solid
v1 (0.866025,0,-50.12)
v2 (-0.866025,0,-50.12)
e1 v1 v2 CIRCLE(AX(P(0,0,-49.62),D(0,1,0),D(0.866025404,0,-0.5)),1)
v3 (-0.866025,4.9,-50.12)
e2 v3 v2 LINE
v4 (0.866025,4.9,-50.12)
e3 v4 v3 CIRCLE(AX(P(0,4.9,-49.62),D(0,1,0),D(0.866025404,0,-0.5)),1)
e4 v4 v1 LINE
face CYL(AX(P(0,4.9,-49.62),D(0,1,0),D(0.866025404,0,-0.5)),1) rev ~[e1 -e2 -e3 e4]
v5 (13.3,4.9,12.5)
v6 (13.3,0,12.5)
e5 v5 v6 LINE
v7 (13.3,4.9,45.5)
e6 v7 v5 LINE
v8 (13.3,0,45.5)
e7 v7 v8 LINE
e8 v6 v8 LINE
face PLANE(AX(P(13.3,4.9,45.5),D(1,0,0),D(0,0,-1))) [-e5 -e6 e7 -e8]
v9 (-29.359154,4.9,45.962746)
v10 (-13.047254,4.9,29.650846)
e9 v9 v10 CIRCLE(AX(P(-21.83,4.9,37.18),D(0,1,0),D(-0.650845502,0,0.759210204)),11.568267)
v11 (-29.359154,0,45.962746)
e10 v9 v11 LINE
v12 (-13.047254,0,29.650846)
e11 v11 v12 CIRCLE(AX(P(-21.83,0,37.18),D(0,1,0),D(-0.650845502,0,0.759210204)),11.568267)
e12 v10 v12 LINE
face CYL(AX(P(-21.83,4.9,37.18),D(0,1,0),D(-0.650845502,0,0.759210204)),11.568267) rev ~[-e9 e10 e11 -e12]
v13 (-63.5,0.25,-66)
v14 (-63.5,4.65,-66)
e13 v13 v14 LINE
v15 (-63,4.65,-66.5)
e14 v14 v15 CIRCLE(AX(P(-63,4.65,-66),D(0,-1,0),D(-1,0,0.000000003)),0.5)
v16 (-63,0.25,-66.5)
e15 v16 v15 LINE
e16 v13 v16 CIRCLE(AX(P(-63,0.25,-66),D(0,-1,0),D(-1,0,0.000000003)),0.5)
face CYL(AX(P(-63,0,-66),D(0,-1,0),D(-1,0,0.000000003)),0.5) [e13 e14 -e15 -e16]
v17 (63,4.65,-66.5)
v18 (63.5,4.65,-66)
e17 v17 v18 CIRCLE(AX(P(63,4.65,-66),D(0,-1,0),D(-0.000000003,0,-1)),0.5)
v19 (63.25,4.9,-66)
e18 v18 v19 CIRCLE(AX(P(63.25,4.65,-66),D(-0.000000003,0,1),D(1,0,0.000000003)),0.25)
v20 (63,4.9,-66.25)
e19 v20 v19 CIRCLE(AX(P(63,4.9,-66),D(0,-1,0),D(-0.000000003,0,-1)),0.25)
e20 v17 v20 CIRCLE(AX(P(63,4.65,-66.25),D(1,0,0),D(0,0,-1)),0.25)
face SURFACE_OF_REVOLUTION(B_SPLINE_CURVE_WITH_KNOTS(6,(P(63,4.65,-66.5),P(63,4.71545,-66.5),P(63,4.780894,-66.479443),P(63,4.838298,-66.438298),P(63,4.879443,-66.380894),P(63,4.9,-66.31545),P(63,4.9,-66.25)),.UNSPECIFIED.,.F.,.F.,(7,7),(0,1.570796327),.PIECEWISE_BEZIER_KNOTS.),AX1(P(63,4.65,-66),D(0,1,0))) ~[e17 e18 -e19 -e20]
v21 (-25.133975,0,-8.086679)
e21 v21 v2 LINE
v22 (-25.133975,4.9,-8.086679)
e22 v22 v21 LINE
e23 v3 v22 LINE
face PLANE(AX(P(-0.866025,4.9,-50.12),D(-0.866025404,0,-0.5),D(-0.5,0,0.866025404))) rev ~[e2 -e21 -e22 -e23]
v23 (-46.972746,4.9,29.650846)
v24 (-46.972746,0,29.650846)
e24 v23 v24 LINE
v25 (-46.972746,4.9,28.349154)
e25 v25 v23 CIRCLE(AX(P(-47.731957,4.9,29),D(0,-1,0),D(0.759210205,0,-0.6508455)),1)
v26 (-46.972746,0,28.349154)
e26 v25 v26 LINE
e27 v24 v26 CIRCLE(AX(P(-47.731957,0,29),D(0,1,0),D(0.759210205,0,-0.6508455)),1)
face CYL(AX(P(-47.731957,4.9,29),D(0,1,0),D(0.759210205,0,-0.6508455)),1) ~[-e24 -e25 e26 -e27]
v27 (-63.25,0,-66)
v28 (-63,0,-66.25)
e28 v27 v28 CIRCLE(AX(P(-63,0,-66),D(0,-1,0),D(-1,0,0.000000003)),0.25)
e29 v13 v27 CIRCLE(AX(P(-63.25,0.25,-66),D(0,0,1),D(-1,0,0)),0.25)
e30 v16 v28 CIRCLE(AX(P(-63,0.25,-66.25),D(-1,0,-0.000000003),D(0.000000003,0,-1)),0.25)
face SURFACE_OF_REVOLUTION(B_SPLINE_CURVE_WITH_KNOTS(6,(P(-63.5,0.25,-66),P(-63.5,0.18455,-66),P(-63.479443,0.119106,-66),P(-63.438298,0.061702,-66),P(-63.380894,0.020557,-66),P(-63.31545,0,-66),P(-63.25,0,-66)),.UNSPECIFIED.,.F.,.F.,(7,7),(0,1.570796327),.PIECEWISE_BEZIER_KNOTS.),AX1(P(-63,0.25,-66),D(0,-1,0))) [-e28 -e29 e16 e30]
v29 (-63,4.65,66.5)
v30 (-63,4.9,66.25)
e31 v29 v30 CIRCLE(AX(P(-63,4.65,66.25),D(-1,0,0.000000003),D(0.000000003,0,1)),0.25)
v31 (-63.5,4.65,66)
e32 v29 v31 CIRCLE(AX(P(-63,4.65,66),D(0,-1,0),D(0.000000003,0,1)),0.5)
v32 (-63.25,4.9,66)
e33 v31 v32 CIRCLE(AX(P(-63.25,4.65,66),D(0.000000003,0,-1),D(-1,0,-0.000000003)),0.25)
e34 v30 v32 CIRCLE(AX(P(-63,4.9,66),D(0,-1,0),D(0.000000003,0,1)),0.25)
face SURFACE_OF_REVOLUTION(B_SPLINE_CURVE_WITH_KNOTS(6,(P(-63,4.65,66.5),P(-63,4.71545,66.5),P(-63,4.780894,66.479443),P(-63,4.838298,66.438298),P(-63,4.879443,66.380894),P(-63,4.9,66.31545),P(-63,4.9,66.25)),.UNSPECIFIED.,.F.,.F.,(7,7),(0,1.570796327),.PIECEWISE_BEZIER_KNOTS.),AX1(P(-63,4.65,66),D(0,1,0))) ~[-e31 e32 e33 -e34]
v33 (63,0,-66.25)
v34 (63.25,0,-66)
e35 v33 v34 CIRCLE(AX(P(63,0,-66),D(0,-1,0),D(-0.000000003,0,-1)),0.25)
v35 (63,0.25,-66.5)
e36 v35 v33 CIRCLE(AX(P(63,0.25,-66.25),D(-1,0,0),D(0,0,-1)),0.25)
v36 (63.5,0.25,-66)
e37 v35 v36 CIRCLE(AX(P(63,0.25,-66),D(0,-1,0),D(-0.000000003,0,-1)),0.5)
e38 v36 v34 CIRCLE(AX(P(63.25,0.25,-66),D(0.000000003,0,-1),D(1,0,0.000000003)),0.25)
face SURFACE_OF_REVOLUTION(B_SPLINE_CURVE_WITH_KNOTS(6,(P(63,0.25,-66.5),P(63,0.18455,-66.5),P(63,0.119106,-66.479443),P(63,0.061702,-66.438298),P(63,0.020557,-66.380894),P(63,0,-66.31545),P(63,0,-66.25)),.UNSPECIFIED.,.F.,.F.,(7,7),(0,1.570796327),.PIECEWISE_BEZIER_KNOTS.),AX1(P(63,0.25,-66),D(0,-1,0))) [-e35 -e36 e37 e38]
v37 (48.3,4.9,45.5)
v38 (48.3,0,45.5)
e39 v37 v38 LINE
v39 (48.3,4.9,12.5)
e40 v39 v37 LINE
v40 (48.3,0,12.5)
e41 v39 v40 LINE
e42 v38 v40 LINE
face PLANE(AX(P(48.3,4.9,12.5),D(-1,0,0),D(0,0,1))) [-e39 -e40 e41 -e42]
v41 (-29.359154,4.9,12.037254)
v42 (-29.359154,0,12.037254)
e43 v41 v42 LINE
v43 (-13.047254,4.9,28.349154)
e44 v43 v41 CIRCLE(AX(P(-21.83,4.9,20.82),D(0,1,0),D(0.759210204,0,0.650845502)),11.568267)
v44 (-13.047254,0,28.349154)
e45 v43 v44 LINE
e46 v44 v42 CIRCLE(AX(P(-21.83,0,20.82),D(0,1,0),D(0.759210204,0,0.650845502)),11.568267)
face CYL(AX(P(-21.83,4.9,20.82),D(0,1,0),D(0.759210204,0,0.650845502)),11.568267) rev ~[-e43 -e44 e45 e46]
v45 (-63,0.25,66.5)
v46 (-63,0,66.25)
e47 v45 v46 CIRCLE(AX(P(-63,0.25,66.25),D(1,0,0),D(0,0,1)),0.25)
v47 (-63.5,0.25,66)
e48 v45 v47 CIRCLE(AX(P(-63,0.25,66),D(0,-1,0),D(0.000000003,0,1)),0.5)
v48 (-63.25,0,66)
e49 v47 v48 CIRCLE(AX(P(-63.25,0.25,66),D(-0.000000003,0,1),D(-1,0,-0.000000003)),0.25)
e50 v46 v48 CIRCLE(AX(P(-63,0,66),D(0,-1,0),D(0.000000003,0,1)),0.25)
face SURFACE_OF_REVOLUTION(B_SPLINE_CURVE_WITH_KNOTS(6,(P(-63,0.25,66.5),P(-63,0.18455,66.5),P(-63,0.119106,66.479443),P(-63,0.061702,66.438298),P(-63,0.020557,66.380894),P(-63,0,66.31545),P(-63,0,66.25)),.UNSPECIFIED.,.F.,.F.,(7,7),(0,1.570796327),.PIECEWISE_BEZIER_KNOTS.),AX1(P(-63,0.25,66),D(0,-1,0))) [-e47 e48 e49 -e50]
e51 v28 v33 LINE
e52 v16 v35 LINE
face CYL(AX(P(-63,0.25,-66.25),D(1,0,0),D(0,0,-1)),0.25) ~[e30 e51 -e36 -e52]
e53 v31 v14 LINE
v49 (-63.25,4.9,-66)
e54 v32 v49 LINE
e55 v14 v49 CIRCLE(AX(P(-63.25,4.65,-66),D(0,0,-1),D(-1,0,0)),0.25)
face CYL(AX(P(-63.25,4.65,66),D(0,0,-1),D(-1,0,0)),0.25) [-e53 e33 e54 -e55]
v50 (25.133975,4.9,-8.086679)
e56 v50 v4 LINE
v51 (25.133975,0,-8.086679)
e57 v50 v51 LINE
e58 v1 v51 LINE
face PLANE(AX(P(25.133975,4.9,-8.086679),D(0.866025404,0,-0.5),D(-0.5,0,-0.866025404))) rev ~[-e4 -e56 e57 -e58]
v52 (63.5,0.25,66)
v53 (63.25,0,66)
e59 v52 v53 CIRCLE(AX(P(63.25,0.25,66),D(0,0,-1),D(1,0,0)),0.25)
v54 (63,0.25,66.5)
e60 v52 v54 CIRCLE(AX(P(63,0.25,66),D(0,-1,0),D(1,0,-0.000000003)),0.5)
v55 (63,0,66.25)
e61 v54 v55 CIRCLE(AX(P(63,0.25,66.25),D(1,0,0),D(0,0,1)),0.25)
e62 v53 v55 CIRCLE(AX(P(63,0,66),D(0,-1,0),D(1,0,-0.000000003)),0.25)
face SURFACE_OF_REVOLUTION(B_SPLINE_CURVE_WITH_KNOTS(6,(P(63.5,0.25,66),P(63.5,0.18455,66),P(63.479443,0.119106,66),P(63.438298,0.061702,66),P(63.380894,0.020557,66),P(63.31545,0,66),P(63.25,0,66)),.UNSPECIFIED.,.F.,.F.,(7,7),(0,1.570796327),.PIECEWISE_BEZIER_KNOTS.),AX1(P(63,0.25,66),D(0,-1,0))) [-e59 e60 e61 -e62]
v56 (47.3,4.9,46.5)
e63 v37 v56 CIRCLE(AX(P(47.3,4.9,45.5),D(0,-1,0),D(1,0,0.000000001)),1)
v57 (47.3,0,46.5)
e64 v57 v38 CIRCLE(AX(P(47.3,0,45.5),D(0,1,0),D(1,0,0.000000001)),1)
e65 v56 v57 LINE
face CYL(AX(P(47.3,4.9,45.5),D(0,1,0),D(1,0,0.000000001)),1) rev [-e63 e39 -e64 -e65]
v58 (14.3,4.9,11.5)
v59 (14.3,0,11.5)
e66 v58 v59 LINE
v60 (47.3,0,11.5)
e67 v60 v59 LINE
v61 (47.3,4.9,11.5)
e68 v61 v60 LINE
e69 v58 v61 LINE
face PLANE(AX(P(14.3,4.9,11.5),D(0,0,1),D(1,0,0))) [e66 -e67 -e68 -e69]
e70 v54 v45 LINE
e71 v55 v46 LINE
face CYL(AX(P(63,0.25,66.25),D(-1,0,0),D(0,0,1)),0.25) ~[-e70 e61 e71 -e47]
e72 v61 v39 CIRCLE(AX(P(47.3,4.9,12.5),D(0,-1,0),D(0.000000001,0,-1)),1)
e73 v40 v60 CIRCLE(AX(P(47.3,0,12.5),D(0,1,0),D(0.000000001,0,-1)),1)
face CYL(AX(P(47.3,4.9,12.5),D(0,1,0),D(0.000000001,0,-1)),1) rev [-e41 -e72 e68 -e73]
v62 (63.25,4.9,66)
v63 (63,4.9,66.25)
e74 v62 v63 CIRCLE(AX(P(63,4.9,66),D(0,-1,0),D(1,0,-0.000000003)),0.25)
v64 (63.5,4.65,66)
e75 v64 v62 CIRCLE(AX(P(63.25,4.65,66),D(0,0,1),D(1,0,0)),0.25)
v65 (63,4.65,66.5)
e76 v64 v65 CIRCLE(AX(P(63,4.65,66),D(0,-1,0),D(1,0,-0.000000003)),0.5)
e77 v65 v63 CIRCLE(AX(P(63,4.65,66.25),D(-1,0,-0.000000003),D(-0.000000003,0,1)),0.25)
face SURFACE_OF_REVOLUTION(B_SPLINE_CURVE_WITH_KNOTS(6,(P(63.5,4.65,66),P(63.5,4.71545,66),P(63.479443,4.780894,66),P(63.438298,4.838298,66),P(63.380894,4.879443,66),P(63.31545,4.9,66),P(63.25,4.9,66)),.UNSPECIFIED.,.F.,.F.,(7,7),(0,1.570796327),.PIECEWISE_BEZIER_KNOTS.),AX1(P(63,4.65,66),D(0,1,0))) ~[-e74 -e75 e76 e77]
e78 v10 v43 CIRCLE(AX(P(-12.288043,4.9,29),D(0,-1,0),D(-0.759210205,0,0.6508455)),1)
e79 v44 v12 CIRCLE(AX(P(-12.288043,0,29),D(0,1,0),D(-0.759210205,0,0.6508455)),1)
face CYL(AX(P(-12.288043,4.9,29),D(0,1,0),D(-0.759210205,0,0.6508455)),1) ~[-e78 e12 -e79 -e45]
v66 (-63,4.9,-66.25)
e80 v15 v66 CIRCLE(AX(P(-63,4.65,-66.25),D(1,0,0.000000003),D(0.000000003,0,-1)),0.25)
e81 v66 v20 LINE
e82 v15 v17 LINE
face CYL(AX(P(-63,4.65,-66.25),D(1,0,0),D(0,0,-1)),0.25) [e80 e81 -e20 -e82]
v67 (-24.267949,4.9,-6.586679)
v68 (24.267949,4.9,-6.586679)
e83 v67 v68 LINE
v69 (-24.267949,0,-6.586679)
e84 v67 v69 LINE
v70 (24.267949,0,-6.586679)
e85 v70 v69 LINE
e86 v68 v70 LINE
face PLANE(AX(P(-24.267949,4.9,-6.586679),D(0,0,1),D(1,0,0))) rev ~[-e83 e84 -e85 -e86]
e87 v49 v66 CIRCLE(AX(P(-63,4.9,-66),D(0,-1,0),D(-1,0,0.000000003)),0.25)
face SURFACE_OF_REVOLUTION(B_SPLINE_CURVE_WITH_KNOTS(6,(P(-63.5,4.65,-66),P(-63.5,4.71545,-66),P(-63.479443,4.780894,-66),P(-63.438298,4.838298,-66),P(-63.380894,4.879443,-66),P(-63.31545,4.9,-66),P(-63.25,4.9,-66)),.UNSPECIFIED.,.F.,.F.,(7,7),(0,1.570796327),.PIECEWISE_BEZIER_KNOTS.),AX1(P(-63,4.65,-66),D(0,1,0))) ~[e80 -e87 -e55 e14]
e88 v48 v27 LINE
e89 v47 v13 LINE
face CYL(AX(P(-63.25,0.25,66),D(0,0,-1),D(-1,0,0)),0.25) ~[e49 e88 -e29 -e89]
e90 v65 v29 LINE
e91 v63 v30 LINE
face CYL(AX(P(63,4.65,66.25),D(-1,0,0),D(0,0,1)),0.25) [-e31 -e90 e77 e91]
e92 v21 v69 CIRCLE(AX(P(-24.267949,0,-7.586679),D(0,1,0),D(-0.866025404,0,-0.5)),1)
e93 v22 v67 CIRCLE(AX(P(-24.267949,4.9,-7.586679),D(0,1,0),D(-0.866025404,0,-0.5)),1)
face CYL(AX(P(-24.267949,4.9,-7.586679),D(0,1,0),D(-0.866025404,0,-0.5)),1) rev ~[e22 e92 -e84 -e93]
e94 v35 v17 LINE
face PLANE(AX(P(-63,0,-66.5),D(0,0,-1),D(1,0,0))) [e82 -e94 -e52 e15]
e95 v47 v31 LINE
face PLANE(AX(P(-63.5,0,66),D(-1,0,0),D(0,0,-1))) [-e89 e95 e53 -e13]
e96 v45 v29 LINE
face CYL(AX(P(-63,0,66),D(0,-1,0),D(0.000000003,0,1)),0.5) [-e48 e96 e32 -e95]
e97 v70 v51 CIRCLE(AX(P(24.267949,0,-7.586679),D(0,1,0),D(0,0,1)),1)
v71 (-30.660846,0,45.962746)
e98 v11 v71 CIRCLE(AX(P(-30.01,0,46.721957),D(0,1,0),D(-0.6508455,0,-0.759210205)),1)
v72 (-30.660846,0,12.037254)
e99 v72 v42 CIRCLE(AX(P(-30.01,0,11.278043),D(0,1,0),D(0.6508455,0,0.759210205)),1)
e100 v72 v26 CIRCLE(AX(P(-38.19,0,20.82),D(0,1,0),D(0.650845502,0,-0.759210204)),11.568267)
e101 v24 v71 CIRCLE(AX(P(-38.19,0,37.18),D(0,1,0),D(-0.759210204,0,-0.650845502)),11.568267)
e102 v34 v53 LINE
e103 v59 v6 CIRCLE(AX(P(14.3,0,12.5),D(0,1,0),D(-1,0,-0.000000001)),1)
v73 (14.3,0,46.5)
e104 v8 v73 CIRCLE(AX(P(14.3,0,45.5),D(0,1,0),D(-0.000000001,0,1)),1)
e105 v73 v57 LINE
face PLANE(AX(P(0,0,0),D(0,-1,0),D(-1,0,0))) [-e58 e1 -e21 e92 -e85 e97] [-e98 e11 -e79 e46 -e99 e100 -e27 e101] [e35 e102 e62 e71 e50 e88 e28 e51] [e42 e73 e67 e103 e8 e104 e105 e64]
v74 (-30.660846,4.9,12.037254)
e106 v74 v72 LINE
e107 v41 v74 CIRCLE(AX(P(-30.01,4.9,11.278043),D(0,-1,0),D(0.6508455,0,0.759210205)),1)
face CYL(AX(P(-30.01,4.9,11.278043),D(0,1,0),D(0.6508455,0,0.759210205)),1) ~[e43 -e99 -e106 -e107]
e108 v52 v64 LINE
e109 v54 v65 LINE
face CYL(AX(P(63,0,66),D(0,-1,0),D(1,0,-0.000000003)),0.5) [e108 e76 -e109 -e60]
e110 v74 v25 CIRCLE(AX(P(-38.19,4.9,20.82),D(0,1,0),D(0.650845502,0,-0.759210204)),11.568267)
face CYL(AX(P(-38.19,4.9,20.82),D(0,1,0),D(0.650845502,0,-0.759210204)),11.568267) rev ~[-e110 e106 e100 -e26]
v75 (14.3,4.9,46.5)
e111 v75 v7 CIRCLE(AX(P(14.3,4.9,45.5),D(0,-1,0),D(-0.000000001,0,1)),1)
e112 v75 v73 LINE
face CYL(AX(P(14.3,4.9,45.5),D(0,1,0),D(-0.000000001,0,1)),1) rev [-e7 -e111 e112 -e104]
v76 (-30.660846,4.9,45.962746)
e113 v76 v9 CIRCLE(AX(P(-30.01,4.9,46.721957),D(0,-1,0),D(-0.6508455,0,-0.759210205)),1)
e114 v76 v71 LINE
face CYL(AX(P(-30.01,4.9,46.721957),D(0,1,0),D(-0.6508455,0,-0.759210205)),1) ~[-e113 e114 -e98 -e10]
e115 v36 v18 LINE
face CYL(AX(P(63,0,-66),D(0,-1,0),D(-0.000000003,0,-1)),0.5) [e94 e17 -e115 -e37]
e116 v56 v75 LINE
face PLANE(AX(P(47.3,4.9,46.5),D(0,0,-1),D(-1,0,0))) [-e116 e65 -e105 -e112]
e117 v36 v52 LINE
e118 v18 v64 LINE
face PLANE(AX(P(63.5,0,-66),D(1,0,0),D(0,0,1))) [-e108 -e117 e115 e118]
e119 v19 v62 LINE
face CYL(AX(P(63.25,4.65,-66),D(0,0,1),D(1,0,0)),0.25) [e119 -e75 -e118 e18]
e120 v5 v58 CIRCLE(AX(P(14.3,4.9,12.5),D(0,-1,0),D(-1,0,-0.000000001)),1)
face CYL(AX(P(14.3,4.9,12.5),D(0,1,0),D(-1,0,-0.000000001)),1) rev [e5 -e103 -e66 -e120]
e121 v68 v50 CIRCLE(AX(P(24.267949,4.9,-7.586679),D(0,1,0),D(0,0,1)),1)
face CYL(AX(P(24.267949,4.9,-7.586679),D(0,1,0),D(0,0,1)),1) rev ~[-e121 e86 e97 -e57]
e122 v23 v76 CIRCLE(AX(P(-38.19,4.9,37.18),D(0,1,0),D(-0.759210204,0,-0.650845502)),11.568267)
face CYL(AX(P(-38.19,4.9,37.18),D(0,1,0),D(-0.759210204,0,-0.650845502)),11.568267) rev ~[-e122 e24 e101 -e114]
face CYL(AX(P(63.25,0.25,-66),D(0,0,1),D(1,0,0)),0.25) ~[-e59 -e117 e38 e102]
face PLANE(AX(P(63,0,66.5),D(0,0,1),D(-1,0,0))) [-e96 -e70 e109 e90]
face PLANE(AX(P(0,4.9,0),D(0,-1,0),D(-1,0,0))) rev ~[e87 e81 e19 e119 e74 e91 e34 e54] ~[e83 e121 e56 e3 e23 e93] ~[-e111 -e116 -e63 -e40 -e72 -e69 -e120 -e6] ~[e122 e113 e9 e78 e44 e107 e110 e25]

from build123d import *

# Parameters (mm, degrees)
BOSS_EXTRUDE2_DEPTH = 4.9
FILLET2_R           = 0.25
CUT_EXTRUDE1_DEPTH  = 93.078825


with BuildPart() as part:
    # Sketch1 → Boss-Extrude2 (new body)
    with BuildSketch(Plane(origin=(0, 0, 0), x_dir=(1, 0, 0), z_dir=(0, 1, 0))):
        with BuildLine():
            Line((-63, 66.5), (63, 66.5))
            ThreePointArc((63, 66.5), (63.353553391, 66.353553391), (63.5, 66))
            Line((63.5, 66), (63.5, -66))
            ThreePointArc((63.5, -66), (63.353553391, -66.353553391), (63, -66.5))
            Line((63, -66.5), (-63, -66.5))
            ThreePointArc((-63, -66.5), (-63.353553391, -66.353553391), (-63.5, -66))
            Line((-63.5, -66), (-63.5, 66))
            ThreePointArc((-63.5, 66), (-63.353553391, 66.353553391), (-63, 66.5))
        make_face()
    extrude(amount=BOSS_EXTRUDE2_DEPTH)

    # Fillet2
    fillet2_edges = [part.edges().sort_by_distance(p)[0] for p in [
        (0, 0, 66.5),
        (-63.353553391, 0, 66.353553391),
        (-63.5, 0, 0),
        (-63.353553391, 0, -66.353553391),
        (-63.353553391, 4.9, 66.353553391),
        (0, 4.9, 66.5),
        (63.353553391, 4.9, 66.353553391),
        (63.5, 4.9, 0),
        (63.353553391, 4.9, -66.353553391),
        (0, 4.9, -66.5),
        (-63.353553391, 4.9, -66.353553391),
        (0, 0, -66.5),
        (-63.5, 4.9, 0),
        (63.353553391, 0, -66.353553391),
        (63.5, 0, 0),
        (63.353553391, 0, 66.353553391),
    ]]
    fillet(fillet2_edges, radius=FILLET2_R)

    # Sketch3 → Cut-Extrude1 (cut, through all)
    with BuildSketch(Plane(origin=(0, 4.9, 0), x_dir=(1, 0, 0), z_dir=(0, 1, 0))):
        with BuildLine():
            Line((-0.866025404, 50.12), (-25.133974596, 8.086679003))
            ThreePointArc((-25.133974596, 8.086679003), (-25.133974596, 7.086679003), (-24.267949192, 6.586679003))
            Line((-24.267949192, 6.586679003), (24.267949192, 6.586679003))
            ThreePointArc((24.267949192, 6.586679003), (25.133974596, 7.086679003), (25.133974596, 8.086679003))
            Line((25.133974596, 8.086679003), (0.866025404, 50.12))
            ThreePointArc((0.866025404, 50.12), (0, 50.62), (-0.866025404, 50.12))
        make_face()
        with BuildLine():
            Line((14.3, -11.5), (47.3, -11.5))
            ThreePointArc((47.3, -11.5), (48.007106781, -11.792893219), (48.3, -12.5))
            Line((48.3, -12.5), (48.3, -45.5))
            ThreePointArc((48.3, -45.5), (48.007106781, -46.207106781), (47.3, -46.5))
            Line((47.3, -46.5), (14.3, -46.5))
            ThreePointArc((14.3, -46.5), (13.592893219, -46.207106781), (13.3, -45.5))
            Line((13.3, -45.5), (13.3, -12.5))
            ThreePointArc((13.3, -12.5), (13.592893219, -11.792893219), (14.3, -11.5))
        make_face()
        with BuildLine():
            ThreePointArc((-13.047253702, -28.349154498), (-13.65, -12.64), (-29.359154498, -12.037253702))
            ThreePointArc((-29.359154498, -12.037253702), (-30.01, -12.278043498), (-30.660845502, -12.037253702))
            ThreePointArc((-30.660845502, -12.037253702), (-46.37, -12.64), (-46.972746298, -28.349154498))
            ThreePointArc((-46.972746298, -28.349154498), (-46.731956502, -29), (-46.972746298, -29.650845502))
            ThreePointArc((-46.972746298, -29.650845502), (-46.37, -45.36), (-30.660845502, -45.962746298))
            ThreePointArc((-30.660845502, -45.962746298), (-30.01, -45.721956502), (-29.359154498, -45.962746298))
            ThreePointArc((-29.359154498, -45.962746298), (-13.65, -45.36), (-13.047253702, -29.650845502))
            ThreePointArc((-13.047253702, -29.650845502), (-13.288043498, -29), (-13.047253702, -28.349154498))
        make_face()
    extrude(amount=-CUT_EXTRUDE1_DEPTH, mode=Mode.SUBTRACT)


solid = part.part
